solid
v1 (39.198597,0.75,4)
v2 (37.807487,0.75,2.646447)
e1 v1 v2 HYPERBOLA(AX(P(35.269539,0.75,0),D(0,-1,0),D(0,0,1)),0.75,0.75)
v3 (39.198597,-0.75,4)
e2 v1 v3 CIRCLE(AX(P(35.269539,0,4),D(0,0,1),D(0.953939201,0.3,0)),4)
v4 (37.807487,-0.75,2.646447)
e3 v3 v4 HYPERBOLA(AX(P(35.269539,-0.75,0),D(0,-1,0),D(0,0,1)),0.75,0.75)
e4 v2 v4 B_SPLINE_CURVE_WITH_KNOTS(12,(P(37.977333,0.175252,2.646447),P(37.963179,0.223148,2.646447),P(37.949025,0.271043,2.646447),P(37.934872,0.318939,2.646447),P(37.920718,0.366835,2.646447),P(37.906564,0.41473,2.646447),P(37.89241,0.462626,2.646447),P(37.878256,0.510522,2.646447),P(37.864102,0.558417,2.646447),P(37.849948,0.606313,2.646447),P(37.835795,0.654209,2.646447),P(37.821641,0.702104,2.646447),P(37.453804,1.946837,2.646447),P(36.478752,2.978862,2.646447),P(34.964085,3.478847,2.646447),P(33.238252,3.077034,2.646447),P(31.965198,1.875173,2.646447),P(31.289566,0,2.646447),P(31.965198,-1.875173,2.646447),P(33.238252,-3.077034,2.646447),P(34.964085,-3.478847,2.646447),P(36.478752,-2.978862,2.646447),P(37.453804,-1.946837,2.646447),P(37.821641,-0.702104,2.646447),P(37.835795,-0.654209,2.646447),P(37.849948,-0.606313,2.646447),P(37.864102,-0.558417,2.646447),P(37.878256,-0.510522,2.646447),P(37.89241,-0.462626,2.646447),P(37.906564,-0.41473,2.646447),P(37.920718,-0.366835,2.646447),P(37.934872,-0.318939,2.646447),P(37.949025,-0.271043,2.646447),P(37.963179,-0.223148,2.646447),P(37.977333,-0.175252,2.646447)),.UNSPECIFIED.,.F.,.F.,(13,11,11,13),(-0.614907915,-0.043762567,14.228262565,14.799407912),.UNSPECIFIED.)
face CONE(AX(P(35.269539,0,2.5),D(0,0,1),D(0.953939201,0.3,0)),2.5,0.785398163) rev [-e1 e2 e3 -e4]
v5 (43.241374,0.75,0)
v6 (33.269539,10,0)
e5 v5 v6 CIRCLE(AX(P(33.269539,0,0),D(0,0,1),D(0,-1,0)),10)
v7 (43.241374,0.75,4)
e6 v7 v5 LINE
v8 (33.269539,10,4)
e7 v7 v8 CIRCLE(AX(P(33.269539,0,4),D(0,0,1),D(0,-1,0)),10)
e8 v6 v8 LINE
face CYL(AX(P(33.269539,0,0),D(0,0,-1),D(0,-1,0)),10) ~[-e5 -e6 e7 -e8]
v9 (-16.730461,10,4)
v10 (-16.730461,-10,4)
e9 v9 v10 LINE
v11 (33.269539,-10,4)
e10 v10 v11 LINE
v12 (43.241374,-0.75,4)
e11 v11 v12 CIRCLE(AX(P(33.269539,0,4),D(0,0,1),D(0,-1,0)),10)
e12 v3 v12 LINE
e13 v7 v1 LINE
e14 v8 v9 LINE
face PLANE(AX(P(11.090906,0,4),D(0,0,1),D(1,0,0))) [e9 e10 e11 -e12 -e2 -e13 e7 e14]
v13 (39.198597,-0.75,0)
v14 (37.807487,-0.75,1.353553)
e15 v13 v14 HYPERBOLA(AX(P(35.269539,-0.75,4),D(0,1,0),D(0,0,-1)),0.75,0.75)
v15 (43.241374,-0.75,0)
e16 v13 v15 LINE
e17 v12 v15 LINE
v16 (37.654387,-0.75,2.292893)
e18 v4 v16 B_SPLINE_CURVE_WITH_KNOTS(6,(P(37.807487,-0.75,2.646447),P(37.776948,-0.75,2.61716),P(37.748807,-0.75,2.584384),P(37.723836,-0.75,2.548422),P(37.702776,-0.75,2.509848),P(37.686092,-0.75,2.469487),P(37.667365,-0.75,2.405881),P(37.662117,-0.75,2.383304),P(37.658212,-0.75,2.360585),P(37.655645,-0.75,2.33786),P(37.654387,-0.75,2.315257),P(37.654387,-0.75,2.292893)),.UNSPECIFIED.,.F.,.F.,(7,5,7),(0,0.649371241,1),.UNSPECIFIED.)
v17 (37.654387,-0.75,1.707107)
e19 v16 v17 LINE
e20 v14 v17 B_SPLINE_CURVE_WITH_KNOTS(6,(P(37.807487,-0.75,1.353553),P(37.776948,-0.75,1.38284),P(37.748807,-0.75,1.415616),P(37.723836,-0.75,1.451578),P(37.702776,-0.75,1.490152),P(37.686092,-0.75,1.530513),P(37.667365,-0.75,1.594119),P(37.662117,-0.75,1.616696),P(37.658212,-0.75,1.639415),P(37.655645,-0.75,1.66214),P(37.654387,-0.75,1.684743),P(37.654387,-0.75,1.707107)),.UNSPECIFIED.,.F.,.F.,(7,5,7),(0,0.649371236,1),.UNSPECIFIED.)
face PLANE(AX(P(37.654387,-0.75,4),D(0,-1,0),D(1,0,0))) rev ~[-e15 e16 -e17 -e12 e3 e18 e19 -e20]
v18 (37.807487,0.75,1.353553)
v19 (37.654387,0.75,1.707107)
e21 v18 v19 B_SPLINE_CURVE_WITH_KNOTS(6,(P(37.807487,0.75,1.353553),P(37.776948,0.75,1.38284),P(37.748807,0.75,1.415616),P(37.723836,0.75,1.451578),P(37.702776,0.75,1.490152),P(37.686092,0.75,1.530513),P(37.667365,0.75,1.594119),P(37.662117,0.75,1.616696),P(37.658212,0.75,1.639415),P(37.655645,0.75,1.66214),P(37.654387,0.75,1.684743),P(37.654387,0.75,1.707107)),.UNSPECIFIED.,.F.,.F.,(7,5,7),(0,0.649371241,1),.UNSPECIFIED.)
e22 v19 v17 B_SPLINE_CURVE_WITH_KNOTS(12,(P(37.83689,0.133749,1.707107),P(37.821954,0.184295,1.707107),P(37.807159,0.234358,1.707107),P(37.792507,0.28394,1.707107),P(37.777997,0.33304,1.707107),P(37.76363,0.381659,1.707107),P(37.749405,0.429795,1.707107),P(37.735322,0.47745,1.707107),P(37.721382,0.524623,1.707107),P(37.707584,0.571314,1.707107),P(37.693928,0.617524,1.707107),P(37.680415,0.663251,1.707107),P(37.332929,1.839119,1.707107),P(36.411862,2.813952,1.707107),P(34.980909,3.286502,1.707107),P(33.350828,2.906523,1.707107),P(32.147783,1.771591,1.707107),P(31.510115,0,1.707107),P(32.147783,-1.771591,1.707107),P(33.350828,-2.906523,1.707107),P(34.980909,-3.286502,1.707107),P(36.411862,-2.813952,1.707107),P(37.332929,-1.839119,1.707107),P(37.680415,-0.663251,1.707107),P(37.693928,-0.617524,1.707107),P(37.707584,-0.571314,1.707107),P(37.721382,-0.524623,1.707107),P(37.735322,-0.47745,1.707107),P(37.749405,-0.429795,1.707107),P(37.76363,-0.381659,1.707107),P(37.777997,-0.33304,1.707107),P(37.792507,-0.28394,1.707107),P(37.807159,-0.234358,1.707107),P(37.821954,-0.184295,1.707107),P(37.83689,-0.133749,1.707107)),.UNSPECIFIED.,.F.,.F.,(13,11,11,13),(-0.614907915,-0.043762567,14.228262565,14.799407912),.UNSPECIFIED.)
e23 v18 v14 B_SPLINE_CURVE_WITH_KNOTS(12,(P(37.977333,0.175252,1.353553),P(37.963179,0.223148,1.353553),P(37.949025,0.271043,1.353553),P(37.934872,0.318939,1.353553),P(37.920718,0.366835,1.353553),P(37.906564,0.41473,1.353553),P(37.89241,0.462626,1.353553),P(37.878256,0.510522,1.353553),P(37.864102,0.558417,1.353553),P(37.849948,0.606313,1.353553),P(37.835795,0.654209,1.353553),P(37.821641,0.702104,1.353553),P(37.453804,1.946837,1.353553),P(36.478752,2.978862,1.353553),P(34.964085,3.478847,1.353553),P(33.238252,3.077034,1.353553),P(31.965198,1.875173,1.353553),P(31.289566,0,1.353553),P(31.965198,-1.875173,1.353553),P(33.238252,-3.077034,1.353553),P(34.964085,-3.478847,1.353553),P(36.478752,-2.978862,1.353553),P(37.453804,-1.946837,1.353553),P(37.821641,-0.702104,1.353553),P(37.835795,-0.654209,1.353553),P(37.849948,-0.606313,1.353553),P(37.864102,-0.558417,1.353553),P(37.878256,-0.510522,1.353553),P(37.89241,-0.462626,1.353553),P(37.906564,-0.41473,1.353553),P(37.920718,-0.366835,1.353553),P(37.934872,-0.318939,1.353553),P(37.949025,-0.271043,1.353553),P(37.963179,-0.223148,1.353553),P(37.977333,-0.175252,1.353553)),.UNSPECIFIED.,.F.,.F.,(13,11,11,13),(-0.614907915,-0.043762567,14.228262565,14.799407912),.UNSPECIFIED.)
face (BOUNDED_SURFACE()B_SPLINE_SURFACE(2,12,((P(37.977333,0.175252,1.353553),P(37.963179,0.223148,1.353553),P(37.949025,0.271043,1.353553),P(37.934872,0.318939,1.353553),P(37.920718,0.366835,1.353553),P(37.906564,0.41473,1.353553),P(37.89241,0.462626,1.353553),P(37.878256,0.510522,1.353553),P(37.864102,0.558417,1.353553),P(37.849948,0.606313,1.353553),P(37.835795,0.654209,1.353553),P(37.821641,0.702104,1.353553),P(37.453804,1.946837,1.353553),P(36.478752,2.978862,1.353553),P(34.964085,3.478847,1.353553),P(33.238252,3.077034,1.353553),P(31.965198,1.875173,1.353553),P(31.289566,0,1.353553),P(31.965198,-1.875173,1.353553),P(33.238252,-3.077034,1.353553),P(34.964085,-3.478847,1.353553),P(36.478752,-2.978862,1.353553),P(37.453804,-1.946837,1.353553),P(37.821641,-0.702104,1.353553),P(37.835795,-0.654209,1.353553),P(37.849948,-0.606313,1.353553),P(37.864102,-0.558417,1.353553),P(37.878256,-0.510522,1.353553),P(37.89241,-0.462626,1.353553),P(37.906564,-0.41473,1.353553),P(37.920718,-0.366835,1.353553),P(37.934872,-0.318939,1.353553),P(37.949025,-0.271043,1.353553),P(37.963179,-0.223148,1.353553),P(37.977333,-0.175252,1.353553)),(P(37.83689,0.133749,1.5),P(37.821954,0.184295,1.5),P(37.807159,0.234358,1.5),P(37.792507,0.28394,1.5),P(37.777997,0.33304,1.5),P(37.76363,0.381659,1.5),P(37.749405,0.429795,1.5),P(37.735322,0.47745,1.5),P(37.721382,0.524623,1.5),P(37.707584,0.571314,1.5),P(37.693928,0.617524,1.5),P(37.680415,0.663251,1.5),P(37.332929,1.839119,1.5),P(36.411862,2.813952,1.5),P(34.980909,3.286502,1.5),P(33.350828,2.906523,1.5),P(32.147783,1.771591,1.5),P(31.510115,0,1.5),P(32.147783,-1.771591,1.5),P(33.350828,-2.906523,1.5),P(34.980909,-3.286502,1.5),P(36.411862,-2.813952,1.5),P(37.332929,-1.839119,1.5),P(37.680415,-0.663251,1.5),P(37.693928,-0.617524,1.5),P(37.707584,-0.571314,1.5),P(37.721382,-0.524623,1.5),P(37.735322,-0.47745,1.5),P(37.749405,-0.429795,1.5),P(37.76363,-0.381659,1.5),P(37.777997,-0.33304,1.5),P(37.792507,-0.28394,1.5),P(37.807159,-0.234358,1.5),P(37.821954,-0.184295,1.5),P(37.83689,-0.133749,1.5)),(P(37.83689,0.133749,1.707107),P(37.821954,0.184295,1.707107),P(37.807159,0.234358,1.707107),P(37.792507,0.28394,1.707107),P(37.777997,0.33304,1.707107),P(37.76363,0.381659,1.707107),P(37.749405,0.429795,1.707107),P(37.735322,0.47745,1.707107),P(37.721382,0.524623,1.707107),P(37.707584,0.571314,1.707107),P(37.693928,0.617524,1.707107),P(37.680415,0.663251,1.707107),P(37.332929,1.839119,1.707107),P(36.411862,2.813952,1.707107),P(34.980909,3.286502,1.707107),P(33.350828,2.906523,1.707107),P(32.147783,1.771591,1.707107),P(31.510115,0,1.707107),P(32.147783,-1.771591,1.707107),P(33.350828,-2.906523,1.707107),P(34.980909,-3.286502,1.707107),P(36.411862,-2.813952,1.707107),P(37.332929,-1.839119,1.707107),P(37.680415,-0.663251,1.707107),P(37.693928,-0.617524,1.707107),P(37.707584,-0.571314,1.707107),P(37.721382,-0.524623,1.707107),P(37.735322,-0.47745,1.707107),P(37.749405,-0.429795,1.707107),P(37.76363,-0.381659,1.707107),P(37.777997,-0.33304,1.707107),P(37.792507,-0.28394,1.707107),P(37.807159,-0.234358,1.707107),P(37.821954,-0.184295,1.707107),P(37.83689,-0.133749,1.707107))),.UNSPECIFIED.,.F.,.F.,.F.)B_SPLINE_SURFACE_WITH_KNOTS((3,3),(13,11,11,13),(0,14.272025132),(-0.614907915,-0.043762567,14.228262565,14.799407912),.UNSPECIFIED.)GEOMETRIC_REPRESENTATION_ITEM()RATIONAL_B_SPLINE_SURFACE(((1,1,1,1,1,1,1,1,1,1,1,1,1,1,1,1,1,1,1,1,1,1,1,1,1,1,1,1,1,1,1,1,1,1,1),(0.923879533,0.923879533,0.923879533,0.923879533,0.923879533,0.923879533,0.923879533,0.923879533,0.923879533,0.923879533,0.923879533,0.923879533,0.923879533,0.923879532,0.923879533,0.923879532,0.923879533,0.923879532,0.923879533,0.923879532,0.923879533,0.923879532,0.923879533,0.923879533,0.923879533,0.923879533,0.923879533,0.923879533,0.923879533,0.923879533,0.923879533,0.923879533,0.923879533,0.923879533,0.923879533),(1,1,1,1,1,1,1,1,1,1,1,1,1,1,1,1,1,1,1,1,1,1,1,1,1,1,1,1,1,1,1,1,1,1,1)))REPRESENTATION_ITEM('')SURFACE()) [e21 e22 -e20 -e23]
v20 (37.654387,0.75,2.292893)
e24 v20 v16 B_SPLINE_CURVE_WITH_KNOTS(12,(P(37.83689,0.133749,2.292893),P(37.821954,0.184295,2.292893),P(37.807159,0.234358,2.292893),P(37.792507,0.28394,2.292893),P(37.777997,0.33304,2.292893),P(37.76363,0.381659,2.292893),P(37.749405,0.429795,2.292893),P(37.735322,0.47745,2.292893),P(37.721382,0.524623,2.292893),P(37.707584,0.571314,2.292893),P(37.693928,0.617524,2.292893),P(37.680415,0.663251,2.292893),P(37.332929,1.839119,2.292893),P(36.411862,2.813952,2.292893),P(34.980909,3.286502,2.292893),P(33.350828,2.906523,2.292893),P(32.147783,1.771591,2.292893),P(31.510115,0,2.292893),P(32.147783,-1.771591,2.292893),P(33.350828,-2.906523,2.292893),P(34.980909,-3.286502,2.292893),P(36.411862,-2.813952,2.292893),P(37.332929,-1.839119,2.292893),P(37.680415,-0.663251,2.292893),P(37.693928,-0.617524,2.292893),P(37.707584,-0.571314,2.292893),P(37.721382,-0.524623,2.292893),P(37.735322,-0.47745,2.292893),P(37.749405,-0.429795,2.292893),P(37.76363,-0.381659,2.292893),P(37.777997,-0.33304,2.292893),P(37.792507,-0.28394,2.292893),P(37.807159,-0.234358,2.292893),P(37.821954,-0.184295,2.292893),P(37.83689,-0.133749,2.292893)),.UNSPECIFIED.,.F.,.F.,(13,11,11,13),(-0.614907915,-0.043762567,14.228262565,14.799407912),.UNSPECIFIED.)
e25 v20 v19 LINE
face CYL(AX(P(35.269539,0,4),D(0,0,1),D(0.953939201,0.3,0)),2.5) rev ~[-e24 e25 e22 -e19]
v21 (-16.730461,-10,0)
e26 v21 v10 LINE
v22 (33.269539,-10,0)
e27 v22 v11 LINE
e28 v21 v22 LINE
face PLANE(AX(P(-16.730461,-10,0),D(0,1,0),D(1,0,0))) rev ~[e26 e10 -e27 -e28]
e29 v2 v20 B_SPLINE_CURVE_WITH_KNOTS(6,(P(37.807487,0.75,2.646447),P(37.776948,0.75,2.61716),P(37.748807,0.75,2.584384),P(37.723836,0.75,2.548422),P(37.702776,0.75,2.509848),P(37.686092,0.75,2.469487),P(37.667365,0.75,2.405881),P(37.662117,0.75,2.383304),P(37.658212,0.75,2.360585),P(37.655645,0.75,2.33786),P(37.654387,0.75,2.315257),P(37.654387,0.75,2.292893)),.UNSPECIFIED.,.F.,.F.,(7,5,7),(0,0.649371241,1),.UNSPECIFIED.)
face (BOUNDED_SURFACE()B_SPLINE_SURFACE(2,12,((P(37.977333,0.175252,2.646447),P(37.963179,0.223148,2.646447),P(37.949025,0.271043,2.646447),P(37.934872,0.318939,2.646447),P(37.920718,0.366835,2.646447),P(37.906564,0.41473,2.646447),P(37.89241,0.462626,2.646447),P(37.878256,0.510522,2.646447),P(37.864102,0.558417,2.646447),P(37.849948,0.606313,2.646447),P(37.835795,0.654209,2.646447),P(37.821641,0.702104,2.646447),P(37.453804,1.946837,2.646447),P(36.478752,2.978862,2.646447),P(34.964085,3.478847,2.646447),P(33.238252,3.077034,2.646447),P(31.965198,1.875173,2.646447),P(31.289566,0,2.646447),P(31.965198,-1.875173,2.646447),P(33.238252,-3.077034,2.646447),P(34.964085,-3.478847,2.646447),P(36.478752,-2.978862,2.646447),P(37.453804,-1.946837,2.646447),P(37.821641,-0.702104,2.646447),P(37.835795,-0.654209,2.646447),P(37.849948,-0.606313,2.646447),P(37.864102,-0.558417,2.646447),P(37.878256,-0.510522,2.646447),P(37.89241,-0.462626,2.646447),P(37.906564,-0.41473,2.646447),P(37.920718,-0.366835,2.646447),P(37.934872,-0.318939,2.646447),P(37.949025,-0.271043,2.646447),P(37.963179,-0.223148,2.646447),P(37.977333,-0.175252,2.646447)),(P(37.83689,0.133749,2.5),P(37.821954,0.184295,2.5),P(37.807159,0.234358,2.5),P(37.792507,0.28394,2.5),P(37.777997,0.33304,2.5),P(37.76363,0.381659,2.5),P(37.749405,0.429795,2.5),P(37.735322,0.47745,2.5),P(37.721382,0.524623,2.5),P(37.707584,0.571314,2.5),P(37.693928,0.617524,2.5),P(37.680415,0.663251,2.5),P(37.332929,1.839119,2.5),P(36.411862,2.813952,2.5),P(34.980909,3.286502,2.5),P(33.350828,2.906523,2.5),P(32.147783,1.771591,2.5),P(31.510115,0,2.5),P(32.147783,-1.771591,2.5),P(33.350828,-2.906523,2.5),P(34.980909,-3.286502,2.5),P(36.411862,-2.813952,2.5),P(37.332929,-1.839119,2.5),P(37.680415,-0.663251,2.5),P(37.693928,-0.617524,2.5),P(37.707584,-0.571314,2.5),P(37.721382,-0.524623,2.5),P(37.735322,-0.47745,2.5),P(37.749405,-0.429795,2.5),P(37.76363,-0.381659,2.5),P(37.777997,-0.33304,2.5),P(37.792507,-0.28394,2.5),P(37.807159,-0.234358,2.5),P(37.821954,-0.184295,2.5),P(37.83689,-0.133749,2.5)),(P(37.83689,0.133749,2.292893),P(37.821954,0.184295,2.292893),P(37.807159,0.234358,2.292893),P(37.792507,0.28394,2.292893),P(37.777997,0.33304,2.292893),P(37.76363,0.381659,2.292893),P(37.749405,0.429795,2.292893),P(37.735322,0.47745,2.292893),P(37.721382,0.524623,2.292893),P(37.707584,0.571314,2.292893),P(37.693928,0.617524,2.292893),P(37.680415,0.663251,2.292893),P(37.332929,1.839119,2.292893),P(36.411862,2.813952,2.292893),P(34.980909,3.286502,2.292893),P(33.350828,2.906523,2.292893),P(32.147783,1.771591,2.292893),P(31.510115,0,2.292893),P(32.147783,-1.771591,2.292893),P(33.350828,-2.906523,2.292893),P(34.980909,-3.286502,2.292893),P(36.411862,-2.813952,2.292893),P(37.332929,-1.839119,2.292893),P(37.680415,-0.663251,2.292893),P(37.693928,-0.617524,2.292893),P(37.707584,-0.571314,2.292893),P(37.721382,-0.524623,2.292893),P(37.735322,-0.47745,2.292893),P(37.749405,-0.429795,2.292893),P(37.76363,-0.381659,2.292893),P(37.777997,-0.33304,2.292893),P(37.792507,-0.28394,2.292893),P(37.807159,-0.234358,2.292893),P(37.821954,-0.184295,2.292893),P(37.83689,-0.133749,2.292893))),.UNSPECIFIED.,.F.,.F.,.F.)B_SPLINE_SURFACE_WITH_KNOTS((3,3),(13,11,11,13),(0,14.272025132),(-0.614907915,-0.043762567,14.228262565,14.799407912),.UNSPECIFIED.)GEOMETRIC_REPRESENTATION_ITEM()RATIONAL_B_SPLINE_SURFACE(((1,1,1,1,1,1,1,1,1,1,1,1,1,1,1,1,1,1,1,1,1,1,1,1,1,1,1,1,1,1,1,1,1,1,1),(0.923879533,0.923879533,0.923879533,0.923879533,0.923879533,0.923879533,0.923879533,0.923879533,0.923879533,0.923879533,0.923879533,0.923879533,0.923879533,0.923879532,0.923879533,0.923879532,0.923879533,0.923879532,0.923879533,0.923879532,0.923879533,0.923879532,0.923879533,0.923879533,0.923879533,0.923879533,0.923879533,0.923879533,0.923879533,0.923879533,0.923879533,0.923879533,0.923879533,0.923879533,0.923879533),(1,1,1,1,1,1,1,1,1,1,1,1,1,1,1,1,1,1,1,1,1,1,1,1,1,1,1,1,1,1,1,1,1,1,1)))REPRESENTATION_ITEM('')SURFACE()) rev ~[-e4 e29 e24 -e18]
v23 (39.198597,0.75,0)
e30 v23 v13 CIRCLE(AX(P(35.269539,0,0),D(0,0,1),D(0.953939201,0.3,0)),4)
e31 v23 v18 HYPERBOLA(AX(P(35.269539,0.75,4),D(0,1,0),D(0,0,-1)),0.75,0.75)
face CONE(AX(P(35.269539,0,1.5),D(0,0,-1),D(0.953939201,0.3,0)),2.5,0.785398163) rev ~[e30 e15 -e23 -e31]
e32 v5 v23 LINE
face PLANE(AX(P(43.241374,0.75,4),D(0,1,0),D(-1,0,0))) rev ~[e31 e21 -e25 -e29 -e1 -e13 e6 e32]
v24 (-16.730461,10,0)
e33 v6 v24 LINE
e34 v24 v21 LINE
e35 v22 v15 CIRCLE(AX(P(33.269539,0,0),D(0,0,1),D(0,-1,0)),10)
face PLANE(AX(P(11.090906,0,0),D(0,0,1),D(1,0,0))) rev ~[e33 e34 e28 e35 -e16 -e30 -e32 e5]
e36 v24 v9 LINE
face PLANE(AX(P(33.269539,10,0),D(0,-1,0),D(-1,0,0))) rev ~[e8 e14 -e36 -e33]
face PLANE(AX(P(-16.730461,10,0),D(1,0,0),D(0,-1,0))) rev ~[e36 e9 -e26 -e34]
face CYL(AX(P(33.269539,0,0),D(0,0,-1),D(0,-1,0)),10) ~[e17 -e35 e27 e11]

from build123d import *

# Parameters (mm, degrees)
F1_DEPTH = 4
F3_DEPTH = 4.001
F4_SIZE  = 1.5
F5_R     = 0.5


with BuildPart() as f1:
    # F0 (on Top) → F1 (new body)
    with BuildSketch(Plane.XY):
        with BuildLine():
            Line((-16.7304610461, 10), (-16.7304610461, 0))
            Line((-16.7304610461, 0), (-16.7304610461, -10))
            Line((-16.7304610461, -10), (33.2695389539, -10))
            ThreePointArc((33.2695389539, -10), (43.2695389539, 0), (33.2695389539, 10))
            Line((33.2695389539, 10), (-16.7304610461, 10))
        make_face()
    extrude(amount=F1_DEPTH)

    # F2 (on face) → F3 (cut, through all)
    with BuildSketch(Plane.XY.offset(4)):
        with BuildLine():
            Line((37.6543869574, -0.75), (43.2413742915, -0.75))
            ThreePointArc((43.2413742915, -0.75), (43.2695389539, 0), (43.2413742915, 0.75))
            Line((43.2413742915, 0.75), (37.6543869574, 0.75))
            ThreePointArc((37.6543869574, 0.75), (37.7405832684, 0.3793942482), (37.7695389539, 0))
            ThreePointArc((37.7695389539, 0), (37.7405832684, -0.3793942482), (37.6543869574, -0.75))
        make_face()
        with BuildLine():
            ThreePointArc((37.6543869574, 0.75), (32.7695389539, 0), (37.6543869574, -0.75))
            Line((37.6543869574, -0.75), (35.2695389539, -0.75))
            Line((35.2695389539, -0.75), (35.2695389539, 0.75))
            Line((35.2695389539, 0.75), (37.6543869574, 0.75))
        make_face()
        with BuildLine():
            Line((35.2695389539, -0.75), (37.6543869574, -0.75))
            ThreePointArc((37.6543869574, -0.75), (37.7405832684, -0.3793942482), (37.7695389539, 0))
            ThreePointArc((37.7695389539, 0), (37.7405832684, 0.3793942482), (37.6543869574, 0.75))
            Line((37.6543869574, 0.75), (35.2695389539, 0.75))
            Line((35.2695389539, 0.75), (35.2695389539, -0.75))
        make_face()
    extrude(amount=-F3_DEPTH, mode=Mode.SUBTRACT)

    # F4
    f4_edges = [f1.edges().sort_by_distance(p)[0] for p in [
        (32.769539, 0, 4),
        (32.769539, 0, 0),
    ]]
    chamfer(f4_edges, length=F4_SIZE)

    # F5
    f5_edges = [f1.edges().sort_by_distance(p)[0] for p in [
        (32.769539, 0, 2.5),
        (32.769539, 0, 1.5),
    ]]
    fillet(f5_edges, radius=F5_R)


solid = f1.part
